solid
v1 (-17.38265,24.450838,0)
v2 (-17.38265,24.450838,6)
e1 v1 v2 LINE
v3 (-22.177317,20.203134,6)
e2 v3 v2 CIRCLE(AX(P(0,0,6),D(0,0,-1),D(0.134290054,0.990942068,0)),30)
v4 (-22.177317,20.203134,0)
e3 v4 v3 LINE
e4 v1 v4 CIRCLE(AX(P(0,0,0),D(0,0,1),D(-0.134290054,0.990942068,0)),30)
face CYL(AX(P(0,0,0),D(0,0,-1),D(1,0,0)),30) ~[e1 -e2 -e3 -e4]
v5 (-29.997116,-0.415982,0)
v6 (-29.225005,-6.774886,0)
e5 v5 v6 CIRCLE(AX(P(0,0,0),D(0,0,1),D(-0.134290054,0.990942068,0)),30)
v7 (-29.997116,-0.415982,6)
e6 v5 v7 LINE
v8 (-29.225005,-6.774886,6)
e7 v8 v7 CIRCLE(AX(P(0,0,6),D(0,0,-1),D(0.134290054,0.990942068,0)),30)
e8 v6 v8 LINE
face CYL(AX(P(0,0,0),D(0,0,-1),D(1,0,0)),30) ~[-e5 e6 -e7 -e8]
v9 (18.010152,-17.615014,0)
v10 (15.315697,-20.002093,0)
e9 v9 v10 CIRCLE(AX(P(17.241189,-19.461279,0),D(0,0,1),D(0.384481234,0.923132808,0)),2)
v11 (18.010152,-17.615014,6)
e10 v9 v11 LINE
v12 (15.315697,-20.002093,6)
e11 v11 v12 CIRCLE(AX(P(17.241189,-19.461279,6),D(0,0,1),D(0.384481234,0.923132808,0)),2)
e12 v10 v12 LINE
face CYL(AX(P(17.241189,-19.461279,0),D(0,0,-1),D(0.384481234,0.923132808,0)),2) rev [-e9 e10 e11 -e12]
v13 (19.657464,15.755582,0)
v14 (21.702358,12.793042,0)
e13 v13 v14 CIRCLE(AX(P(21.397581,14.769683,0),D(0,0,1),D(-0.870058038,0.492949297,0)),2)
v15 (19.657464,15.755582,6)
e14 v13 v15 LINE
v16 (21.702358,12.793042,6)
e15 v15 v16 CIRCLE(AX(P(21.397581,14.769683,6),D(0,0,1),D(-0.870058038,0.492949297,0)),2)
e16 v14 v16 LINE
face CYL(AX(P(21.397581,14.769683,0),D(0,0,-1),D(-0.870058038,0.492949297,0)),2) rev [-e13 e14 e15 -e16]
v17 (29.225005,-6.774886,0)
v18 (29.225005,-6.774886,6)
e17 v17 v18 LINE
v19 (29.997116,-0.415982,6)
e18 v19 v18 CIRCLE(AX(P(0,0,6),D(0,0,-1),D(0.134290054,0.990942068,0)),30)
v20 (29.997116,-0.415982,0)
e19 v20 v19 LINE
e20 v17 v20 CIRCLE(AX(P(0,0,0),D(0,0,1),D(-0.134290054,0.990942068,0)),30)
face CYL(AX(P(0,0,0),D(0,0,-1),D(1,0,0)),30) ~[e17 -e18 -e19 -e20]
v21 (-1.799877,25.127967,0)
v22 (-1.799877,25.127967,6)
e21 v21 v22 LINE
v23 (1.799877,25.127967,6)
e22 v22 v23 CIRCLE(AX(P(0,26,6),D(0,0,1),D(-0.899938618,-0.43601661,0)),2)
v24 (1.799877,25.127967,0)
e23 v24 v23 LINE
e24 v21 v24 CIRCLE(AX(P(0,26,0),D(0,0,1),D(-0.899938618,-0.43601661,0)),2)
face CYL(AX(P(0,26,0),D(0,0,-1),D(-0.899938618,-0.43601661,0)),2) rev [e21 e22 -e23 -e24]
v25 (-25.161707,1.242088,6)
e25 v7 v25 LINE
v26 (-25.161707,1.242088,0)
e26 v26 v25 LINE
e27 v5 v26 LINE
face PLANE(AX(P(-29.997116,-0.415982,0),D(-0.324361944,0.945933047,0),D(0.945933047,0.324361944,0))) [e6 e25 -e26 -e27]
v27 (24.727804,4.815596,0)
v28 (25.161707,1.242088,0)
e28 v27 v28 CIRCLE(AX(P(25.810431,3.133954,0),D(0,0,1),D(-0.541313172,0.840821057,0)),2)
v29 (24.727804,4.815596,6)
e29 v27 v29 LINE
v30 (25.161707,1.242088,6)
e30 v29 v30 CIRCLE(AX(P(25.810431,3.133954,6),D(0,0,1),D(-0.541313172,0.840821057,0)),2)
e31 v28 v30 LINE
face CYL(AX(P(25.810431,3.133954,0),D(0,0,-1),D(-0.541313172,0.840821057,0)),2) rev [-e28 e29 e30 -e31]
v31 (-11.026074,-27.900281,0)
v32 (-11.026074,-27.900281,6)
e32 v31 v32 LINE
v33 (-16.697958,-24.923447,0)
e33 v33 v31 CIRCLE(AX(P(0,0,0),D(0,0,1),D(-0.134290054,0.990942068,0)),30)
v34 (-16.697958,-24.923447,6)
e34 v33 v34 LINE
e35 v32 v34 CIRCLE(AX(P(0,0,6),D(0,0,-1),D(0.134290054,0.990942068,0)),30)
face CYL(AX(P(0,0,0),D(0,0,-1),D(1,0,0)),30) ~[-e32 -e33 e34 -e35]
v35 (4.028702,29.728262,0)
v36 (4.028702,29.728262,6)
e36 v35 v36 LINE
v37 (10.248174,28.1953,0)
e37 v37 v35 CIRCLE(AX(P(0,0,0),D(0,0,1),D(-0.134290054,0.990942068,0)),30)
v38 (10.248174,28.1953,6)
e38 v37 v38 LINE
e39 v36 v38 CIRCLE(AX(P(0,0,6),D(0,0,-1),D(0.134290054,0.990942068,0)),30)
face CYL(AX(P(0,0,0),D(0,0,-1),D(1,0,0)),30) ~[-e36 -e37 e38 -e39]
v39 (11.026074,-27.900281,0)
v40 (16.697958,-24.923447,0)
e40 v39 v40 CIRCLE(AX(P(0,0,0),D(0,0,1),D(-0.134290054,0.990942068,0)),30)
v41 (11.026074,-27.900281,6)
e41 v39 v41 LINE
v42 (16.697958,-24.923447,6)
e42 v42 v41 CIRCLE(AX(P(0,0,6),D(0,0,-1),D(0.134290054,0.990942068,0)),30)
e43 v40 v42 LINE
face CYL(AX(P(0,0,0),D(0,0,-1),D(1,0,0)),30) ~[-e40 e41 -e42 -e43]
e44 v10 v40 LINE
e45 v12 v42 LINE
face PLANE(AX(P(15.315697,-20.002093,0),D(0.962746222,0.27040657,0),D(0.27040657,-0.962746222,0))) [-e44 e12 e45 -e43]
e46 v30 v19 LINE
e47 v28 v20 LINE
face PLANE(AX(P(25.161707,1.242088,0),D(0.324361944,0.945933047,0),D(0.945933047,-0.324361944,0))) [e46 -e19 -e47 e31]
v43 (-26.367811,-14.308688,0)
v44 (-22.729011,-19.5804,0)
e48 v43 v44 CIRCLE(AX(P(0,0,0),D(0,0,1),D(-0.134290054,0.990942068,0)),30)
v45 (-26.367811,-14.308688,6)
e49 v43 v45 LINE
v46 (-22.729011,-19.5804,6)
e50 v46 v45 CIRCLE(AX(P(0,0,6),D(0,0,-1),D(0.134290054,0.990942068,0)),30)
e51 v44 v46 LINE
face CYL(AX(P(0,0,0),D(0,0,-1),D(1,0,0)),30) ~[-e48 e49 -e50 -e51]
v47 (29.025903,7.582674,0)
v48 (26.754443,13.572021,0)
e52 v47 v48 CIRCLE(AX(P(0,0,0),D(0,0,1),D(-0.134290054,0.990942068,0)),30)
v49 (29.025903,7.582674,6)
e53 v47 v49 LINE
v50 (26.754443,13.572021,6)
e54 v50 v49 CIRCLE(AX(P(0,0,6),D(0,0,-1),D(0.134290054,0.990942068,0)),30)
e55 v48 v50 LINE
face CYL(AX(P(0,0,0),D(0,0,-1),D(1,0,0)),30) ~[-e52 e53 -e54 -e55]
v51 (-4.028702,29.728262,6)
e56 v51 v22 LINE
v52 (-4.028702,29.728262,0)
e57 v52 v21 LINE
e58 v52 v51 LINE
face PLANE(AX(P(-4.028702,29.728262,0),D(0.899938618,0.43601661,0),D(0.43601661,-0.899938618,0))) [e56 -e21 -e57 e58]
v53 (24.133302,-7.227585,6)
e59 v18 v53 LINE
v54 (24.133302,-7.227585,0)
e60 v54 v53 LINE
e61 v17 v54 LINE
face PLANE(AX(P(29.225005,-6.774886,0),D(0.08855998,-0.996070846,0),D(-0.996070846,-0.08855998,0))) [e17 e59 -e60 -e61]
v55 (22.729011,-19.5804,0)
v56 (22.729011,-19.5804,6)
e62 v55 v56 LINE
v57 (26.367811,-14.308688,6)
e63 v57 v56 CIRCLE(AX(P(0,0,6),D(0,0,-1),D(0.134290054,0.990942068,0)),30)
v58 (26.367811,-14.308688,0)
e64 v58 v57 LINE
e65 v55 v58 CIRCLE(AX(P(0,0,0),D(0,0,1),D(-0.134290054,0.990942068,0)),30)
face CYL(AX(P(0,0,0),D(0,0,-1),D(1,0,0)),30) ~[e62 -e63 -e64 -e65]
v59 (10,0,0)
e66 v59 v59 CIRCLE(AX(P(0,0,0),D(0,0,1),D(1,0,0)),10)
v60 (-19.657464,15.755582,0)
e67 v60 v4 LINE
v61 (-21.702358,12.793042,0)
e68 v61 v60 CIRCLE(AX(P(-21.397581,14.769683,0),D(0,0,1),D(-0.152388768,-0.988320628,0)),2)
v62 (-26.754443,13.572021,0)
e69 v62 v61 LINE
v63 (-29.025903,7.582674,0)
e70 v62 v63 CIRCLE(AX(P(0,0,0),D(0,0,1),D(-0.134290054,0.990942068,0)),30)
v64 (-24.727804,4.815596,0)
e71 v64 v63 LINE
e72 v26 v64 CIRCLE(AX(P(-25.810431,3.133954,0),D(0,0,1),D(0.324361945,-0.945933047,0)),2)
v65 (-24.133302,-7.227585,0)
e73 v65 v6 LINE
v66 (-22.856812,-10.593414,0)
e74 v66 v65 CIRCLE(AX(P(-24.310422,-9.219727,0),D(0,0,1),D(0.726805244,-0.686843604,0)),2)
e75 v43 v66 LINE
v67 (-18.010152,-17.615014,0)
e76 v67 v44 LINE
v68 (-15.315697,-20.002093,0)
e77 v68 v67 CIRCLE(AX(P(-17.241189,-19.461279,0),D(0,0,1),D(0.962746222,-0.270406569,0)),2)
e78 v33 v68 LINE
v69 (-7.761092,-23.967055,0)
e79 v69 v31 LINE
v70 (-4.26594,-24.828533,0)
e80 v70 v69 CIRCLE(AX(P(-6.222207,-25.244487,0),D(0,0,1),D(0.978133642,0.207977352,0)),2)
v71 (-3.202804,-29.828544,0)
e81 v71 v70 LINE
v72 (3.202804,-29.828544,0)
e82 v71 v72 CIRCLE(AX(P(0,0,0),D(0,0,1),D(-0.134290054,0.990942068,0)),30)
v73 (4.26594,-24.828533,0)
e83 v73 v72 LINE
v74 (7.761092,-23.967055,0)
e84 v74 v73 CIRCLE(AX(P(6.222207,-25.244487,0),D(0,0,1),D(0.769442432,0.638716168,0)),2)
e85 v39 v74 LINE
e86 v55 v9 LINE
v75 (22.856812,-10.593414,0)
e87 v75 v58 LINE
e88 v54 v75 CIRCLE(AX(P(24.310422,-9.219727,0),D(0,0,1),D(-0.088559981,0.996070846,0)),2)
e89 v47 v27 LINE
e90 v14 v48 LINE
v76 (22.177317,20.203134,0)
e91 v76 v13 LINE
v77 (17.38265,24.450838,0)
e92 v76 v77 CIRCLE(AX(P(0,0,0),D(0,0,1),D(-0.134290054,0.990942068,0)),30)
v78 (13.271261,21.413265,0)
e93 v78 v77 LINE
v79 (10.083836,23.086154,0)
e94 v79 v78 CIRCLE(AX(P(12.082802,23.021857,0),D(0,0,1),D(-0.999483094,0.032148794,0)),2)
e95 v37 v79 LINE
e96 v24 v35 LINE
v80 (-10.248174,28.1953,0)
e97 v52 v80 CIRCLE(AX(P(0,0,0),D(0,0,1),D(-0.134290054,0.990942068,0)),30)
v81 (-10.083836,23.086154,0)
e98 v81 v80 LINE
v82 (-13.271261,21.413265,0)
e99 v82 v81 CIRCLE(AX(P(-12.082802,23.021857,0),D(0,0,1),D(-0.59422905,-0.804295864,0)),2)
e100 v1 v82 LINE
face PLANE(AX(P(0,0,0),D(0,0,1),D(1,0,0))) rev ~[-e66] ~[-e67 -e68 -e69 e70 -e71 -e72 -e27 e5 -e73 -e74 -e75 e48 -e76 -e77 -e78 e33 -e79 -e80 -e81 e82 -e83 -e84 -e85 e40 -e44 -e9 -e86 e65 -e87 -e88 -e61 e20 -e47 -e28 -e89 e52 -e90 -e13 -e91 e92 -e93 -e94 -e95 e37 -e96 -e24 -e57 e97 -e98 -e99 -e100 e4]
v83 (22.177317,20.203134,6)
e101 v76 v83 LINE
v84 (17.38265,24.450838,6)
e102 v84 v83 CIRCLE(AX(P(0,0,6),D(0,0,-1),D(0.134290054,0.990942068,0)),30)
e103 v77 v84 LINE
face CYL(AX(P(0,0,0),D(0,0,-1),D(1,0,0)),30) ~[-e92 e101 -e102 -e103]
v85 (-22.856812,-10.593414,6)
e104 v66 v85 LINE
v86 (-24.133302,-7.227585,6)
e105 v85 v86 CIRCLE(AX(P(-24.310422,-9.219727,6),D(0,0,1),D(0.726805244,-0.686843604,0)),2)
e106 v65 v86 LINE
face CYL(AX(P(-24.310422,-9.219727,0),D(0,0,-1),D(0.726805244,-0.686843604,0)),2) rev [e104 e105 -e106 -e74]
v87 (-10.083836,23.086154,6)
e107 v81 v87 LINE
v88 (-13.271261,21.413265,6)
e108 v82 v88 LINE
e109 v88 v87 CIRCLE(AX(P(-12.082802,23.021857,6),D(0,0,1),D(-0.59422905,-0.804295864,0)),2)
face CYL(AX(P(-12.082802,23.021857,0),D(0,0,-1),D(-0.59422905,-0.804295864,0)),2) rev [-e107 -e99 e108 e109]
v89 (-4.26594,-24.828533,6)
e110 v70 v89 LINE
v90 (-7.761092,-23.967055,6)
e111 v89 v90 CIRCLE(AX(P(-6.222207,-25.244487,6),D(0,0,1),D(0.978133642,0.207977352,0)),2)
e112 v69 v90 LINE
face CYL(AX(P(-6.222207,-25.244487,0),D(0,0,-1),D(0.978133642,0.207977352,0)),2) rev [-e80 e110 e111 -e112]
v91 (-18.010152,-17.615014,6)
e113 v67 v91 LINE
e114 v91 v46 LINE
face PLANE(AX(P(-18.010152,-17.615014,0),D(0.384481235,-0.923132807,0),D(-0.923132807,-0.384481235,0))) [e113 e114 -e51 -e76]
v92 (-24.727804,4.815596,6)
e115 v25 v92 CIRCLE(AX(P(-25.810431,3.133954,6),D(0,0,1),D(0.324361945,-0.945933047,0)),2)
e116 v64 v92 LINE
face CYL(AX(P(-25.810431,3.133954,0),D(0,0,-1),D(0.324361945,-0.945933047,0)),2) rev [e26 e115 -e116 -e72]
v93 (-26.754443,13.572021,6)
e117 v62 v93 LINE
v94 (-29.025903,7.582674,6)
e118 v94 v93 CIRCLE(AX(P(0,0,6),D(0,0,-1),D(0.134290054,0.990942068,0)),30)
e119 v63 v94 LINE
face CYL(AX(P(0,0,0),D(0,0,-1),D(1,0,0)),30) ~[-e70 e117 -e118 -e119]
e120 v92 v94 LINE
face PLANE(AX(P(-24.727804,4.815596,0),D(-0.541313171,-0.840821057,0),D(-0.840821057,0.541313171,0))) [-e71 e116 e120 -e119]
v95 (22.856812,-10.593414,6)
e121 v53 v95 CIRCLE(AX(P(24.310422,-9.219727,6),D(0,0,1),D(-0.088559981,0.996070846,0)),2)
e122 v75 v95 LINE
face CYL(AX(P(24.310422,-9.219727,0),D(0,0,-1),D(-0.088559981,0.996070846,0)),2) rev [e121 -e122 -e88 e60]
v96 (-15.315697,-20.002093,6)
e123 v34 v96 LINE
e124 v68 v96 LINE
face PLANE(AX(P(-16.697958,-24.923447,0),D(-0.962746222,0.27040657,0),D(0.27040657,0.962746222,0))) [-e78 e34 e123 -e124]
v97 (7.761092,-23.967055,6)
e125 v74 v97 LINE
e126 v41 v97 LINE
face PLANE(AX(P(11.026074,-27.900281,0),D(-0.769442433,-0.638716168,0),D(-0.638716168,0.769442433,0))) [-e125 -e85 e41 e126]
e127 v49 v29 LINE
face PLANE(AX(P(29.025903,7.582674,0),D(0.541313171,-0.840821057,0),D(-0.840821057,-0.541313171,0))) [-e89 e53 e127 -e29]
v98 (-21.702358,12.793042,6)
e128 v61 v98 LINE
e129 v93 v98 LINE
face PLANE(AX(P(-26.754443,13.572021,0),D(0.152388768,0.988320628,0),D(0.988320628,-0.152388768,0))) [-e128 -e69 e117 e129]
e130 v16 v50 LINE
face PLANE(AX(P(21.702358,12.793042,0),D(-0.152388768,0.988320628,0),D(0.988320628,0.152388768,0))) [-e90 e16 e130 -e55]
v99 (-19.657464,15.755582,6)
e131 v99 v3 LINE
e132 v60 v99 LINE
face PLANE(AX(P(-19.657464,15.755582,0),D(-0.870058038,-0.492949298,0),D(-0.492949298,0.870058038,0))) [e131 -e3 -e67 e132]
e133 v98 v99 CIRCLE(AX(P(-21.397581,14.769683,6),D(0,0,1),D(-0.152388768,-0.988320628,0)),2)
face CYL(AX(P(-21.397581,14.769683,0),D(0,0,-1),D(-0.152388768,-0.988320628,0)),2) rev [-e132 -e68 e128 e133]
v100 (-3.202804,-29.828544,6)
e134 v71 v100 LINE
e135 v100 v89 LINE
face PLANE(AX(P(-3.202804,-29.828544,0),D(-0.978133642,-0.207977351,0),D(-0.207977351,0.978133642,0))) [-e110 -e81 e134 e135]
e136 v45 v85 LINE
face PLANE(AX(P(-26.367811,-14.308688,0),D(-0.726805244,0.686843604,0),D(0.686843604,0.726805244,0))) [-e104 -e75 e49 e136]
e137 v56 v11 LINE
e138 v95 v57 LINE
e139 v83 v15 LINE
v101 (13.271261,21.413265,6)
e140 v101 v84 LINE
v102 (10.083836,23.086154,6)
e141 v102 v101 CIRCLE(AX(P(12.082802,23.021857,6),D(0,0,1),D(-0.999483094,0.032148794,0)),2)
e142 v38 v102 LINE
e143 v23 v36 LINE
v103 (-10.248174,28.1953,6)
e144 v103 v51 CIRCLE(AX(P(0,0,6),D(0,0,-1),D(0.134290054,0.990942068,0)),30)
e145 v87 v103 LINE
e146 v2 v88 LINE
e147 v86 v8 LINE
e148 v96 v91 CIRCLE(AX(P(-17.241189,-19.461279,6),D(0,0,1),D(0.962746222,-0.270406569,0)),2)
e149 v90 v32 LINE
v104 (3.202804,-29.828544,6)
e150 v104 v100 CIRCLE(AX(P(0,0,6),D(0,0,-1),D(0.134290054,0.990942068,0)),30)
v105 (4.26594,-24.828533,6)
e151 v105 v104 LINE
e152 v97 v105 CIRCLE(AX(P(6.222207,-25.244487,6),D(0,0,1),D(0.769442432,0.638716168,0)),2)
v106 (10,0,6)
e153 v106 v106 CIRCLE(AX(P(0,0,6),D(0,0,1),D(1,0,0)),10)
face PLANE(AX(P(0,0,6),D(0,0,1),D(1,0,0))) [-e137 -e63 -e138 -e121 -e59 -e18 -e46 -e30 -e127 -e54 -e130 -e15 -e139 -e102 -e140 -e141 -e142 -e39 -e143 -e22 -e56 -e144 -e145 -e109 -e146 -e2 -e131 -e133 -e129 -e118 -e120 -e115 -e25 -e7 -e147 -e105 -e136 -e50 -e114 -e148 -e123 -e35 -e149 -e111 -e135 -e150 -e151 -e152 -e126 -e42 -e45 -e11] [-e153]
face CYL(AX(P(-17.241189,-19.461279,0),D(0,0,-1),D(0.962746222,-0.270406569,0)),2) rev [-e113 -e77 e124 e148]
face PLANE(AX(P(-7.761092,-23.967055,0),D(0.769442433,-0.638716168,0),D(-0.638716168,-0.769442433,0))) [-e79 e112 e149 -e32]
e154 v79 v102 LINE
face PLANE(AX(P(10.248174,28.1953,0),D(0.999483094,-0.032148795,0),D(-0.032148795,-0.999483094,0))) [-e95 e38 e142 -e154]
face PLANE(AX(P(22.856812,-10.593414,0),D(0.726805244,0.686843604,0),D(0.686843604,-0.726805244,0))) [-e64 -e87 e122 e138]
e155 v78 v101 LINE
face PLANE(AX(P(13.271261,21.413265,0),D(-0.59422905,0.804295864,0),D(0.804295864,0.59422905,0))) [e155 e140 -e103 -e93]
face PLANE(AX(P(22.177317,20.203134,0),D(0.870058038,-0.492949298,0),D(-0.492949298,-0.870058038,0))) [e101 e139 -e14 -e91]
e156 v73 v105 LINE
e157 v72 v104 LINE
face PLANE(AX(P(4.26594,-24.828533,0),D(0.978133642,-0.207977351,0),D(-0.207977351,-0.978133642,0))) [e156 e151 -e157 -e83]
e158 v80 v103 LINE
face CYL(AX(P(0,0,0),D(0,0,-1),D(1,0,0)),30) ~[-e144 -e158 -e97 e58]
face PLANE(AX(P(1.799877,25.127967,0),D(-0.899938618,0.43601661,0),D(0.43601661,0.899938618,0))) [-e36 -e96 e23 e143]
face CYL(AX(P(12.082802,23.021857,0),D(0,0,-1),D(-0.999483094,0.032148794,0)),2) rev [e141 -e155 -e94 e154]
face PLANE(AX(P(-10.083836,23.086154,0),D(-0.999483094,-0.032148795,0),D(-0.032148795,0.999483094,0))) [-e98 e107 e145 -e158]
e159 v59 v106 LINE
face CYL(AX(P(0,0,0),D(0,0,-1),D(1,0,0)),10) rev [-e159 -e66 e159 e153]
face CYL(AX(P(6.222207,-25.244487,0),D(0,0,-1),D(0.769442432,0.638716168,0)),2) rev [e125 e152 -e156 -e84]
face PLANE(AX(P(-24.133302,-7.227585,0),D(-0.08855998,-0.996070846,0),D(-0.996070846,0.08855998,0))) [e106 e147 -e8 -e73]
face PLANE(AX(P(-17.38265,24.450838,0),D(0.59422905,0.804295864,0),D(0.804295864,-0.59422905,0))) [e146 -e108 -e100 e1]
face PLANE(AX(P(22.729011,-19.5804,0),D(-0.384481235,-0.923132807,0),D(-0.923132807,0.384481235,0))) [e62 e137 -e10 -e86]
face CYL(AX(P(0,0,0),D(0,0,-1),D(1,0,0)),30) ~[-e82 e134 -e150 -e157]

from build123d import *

# Parameters (mm, degrees)
SKETCH1_R           = 30
SKETCH1_R_2         = 10
BOSS_EXTRUDE1_DEPTH = 6
CUT_EXTRUDE1_START  = -6
CUT_EXTRUDE1_DEPTH  = 6
CIRPATTERN1_COUNT   = 13


with BuildPart() as part:
    # Sketch1 → Boss-Extrude1 (new body)
    with BuildSketch(Plane.XY):
        Circle(SKETCH1_R)
        Circle(SKETCH1_R_2, mode=Mode.SUBTRACT)
    extrude(amount=BOSS_EXTRUDE1_DEPTH)

    # Sketch2 → Cut-Extrude1 (cut)
    with BuildSketch(Plane.XY.offset(6).offset(CUT_EXTRUDE1_START)):
        with BuildLine():
            Line((-4.028701623, 29.728262028), (-1.799877236, 25.12796678))
            ThreePointArc((-1.799877236, 25.12796678), (0, 24), (1.799877236, 25.12796678))
            Line((1.799877236, 25.12796678), (4.028701623, 29.728262028))
            ThreePointArc((4.028701623, 29.728262028), (0, 30), (-4.028701623, 29.728262028))
        make_face()
    cut_extrude1 = extrude(amount=CUT_EXTRUDE1_DEPTH, mode=Mode.SUBTRACT)

    # CirPattern1: Cut-Extrude1 ×13 about axis
    cirpattern1_axis = Axis((0, 0, 0), (0, 0, 1))
    for i in range(1, CIRPATTERN1_COUNT):
        add(cut_extrude1.rotate(cirpattern1_axis, i * 360 / CIRPATTERN1_COUNT), mode=Mode.SUBTRACT)


solid = part.part
